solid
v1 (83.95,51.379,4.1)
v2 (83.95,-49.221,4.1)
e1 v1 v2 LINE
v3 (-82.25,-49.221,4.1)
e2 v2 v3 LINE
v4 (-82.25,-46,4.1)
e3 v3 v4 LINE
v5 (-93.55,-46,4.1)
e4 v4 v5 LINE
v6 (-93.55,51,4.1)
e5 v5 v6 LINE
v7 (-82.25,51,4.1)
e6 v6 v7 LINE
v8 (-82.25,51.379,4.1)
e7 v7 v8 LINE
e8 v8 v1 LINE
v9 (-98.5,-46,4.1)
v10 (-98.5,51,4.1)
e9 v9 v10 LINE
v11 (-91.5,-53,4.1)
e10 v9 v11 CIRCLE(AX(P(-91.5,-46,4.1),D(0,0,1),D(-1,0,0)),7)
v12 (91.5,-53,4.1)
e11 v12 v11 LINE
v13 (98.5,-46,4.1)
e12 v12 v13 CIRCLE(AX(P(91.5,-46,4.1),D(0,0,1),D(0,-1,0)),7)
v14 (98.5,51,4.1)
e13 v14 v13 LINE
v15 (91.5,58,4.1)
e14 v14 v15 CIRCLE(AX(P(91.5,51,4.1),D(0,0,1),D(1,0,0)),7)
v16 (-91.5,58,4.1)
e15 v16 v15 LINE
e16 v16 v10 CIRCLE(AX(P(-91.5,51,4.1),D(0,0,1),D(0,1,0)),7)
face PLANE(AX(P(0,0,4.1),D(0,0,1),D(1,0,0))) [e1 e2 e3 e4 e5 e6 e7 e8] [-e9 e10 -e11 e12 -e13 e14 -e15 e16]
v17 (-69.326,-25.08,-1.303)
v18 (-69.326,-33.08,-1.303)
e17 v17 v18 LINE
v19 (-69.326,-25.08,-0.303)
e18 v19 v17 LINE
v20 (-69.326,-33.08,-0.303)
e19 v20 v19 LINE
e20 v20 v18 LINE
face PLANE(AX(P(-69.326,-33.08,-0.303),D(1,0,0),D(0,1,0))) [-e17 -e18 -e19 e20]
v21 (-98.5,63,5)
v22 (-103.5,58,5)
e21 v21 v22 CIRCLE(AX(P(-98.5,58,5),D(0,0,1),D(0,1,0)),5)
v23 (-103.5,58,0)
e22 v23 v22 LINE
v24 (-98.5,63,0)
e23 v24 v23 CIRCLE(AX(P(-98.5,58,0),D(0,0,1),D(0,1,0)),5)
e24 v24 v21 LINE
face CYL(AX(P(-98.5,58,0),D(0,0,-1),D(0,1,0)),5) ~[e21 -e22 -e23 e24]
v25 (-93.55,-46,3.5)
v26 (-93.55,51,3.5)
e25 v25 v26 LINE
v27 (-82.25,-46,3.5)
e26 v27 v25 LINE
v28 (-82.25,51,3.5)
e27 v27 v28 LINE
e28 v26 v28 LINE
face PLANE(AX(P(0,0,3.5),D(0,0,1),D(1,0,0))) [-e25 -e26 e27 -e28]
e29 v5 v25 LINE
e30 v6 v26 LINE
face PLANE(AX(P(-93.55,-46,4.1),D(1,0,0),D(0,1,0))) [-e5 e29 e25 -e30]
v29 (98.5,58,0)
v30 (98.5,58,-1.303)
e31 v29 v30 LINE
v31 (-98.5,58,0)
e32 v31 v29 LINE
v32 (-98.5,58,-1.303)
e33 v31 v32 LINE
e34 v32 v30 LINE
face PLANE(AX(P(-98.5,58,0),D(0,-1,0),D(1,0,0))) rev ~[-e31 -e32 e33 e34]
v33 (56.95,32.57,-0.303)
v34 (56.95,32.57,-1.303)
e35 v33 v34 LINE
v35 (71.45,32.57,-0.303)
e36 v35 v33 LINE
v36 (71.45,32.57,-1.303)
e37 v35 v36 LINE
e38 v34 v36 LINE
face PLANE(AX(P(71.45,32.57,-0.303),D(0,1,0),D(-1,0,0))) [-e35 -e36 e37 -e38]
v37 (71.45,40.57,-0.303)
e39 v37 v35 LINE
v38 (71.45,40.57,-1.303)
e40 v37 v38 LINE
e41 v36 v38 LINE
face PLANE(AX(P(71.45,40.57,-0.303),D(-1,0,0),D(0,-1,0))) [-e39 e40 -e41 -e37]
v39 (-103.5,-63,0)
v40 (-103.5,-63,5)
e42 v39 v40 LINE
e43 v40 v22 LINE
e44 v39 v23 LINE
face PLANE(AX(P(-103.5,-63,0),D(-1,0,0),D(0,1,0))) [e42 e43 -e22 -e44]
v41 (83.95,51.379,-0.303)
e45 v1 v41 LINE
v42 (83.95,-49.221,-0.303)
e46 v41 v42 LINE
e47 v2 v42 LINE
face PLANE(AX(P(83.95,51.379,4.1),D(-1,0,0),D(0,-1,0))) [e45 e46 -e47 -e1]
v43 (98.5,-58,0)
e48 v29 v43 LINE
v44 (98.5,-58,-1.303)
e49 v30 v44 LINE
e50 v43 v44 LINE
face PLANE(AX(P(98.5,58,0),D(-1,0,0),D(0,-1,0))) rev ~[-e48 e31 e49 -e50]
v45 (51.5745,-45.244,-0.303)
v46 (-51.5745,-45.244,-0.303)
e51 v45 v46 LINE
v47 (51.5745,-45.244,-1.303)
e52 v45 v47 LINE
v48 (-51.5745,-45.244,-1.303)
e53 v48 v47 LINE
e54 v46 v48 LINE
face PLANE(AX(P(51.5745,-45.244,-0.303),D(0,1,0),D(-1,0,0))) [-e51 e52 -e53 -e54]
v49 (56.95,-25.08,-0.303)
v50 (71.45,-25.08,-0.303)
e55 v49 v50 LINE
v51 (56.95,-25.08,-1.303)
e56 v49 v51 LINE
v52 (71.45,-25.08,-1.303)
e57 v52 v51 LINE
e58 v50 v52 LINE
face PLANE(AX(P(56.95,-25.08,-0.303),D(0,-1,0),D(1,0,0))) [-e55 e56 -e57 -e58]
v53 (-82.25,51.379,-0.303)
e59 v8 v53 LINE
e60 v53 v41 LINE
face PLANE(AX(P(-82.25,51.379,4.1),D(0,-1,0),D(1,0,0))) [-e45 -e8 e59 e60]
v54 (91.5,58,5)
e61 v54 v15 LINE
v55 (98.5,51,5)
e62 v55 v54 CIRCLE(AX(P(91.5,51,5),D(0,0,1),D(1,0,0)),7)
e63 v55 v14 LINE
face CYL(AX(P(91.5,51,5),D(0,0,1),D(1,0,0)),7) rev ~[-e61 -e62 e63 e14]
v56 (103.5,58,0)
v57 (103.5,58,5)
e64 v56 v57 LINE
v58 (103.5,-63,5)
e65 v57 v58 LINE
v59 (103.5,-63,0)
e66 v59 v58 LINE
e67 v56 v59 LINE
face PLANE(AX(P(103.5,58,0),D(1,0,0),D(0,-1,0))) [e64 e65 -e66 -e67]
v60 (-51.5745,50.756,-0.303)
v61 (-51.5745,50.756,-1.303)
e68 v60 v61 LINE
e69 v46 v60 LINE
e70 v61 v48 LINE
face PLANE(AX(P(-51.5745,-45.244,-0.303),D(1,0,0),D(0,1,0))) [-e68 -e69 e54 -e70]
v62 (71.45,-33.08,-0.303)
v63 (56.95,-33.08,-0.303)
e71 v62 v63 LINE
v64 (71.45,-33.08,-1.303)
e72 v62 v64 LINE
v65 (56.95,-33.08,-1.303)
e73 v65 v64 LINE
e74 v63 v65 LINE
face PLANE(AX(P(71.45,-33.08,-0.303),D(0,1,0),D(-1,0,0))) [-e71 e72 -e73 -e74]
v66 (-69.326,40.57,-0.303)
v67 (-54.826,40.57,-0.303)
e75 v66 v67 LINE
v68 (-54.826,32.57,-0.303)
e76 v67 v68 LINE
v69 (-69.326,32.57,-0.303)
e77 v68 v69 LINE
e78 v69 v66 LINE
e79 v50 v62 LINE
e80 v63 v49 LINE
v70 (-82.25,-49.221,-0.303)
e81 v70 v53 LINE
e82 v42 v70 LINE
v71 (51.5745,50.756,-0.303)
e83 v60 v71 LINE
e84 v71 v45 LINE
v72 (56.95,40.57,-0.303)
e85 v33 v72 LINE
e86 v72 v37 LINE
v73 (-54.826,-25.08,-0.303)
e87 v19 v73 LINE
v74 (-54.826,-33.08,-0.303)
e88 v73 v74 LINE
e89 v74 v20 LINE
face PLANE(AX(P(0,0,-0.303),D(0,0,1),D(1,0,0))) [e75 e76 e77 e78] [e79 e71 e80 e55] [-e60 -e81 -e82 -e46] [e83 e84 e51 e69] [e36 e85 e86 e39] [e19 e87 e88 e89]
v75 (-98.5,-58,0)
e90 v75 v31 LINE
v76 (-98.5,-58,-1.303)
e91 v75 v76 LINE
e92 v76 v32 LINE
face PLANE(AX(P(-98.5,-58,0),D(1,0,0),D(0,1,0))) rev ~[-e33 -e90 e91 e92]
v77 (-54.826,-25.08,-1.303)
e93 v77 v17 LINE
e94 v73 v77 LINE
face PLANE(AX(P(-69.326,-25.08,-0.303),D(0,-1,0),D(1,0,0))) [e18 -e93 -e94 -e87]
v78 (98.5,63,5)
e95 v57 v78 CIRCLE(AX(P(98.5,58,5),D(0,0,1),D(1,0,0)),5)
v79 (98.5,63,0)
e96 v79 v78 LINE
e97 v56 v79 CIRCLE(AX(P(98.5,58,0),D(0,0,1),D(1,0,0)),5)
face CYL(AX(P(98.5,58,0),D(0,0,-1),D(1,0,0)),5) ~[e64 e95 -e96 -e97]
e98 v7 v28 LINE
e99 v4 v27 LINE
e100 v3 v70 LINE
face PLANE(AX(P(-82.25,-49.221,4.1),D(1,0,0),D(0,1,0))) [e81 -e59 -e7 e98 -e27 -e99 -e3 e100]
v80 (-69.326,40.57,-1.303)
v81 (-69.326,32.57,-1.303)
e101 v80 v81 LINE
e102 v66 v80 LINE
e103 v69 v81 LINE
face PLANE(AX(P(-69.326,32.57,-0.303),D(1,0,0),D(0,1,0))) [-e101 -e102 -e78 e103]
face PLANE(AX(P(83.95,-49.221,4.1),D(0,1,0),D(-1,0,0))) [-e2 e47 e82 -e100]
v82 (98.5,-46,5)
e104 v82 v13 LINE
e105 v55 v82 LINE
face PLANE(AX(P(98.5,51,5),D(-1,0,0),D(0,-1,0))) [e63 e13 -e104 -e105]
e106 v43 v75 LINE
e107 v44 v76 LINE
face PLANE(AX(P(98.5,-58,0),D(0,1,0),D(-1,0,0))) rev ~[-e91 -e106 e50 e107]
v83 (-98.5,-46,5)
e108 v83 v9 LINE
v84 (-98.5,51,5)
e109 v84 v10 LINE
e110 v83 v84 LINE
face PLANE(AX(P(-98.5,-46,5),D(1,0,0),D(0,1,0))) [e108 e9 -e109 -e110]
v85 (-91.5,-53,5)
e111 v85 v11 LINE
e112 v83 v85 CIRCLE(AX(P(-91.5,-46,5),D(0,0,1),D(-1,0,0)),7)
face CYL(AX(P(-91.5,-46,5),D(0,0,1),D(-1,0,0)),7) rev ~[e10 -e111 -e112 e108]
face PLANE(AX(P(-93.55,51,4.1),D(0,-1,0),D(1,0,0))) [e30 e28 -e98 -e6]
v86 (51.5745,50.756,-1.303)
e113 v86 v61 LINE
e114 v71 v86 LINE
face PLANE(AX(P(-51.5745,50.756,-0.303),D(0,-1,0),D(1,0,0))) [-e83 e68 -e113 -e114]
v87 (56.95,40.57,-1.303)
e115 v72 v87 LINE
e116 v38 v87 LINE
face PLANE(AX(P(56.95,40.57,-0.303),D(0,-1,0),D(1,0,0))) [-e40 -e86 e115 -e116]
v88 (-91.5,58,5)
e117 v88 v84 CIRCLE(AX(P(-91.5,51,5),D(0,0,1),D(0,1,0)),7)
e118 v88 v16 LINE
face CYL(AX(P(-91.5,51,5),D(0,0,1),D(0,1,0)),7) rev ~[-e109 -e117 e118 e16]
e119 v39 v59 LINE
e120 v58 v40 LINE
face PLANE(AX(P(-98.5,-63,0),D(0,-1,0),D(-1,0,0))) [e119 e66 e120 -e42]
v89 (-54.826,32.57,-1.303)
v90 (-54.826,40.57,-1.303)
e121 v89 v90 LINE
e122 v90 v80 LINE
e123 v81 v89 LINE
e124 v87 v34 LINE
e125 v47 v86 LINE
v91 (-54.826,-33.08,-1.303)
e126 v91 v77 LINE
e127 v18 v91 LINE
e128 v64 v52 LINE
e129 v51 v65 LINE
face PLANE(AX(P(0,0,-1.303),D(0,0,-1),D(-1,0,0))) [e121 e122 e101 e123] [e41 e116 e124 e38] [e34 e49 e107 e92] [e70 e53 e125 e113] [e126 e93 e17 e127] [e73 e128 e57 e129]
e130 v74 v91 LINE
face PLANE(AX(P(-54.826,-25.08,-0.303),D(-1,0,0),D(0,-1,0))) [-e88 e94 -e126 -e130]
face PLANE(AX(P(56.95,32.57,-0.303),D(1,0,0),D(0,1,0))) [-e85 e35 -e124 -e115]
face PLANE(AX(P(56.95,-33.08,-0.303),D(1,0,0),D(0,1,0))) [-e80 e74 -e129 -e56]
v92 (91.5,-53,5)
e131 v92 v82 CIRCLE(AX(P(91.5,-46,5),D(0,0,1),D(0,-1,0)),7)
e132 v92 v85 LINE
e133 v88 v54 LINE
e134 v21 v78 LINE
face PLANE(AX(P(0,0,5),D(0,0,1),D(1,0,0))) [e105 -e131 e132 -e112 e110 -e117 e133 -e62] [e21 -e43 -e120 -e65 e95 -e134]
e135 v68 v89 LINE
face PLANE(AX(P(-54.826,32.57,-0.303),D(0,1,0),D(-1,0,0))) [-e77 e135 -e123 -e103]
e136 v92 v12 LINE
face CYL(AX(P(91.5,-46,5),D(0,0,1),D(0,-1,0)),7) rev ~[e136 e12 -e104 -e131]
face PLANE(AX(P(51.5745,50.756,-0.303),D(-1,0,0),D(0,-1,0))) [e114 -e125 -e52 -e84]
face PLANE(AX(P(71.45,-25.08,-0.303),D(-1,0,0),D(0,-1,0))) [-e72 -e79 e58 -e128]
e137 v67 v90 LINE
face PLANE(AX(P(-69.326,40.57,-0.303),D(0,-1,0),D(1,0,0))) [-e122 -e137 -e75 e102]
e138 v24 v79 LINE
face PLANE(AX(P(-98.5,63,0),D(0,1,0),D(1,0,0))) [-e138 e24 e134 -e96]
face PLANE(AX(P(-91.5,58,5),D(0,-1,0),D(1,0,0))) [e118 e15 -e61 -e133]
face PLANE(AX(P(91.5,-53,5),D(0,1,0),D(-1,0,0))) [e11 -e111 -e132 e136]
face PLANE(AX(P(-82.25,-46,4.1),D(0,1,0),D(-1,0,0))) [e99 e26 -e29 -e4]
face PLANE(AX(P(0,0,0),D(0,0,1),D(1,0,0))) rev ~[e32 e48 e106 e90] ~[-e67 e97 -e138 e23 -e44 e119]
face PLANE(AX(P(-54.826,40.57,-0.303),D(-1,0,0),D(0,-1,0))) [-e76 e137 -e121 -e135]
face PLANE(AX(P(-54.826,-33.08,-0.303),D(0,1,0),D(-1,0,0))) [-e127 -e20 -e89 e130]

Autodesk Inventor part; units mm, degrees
ref_plane "YZ Plane" through (0, 0, 0) normal (1, 0, 0) x (0, 1, 0)
ref_plane "XZ Plane" through (0, 0, 0) normal (0, 1, 0) x (-1, 0, 0)
ref_plane "XY Plane" through (0, 0, 0) normal (0, 0, 1) x (1, 0, 0)
sketch "스케치1" plane through (0, 0, 0) normal (0, 0, 1) x (1, 0, 0)
  line L0 (-103.5, -63) -> (-103.5, 58) projected
  line L1 (-98.5, -63) -> (-103.5, -63) projected
  line L2 (-98.5, 58) -> (-98.5, -63) projected
  line L3 (98.5, 58) -> (-98.5, 58) projected
  line L4 (98.5, -63) -> (98.5, 58) projected
  line L5 (103.5, -63) -> (98.5, -63) projected
  line L6 (103.5, 58) -> (103.5, -63) projected
  arc A0 (103.5, 58) -> (98.5, 63) centre (98.5, 58) ccw projected
  line L7 (-98.5, 63) -> (98.5, 63) projected
  arc A1 (-98.5, 63) -> (-103.5, 58) centre (-98.5, 58) ccw projected
  line L8 (-98.5, -63) -> (98.5, -63)
  point P0 (0, 0)
extrude "돌출1" add sketch "스케치1" along normal blind 5
sketch "스케치2" plane through (0, 0, 5) normal (0, 0, 1) x (1, 0, 0)
  line L0 (-91.5, 58) -> (91.5, 58)
  line L1 (98.5, 51) -> (98.5, -46)
  line L2 (91.5, -53) -> (-91.5, -53)
  line L3 (-98.5, -46) -> (-98.5, 51)
  line L4 (98.5, 63) -> (-98.5, 63) projected
  arc A0 (-98.5, 63) -> (-103.5, 58) centre (-98.5, 58) ccw projected
  line L5 (-103.5, 58) -> (-103.5, -63) projected
  line L6 (-103.5, -63) -> (103.5, -63) projected
  line L7 (103.5, -63) -> (103.5, 58) projected
  arc A1 (103.5, 58) -> (98.5, 63) centre (98.5, 58) ccw projected
  arc A2 (-91.5, 58) -> (-98.5, 51) centre (-91.5, 51) ccw
  arc A3 (-98.5, -46) -> (-91.5, -53) centre (-91.5, -46) ccw
  arc A4 (91.5, -53) -> (98.5, -46) centre (91.5, -46) ccw
  arc A5 (98.5, 51) -> (91.5, 58) centre (91.5, 51) ccw
  point P0 (0, 0)
  point P1 (98.5, -53)
  point P2 (98.5, 58)
  point P3 (-98.5, -53)
  point P4 (0, 58)
  dimension "d2" = 197
  dimension "d3" = 111
  dimension "d4" = 207
  dimension "d5" = 126
  dimension "d6" = 103.5
  dimension "d7" = 5
  dimension "d8" = 7
extrude "돌출2" cut sketch "스케치2" against normal blind 0.9 contours L0 A5 L1 A4 L2 A3 L3 A2
sketch "스케치3" plane through (0, 0, 4.1) normal (0, 0, 1) x (1, 0, 0)
  line L0 (-82.25, 51.379) -> (83.95, 51.379)
  line L1 (83.95, 51.379) -> (83.95, -49.221)
  line L2 (83.95, -49.221) -> (-82.25, -49.221)
  line L3 (-82.25, -49.221) -> (-82.25, 51.379)
  line L4 (91.5, -53) -> (-91.5, -53) projected
  arc A0 (91.5, -53) -> (98.5, -46) centre (91.5, -46) ccw projected
  line L5 (98.5, 51) -> (98.5, -46) projected
  arc A1 (98.5, 51) -> (91.5, 58) centre (91.5, 51) ccw projected
  line L6 (-91.5, 58) -> (91.5, 58) projected
  arc A2 (-91.5, 58) -> (-98.5, 51) centre (-91.5, 51) ccw projected
  line L7 (-98.5, -46) -> (-98.5, 51) projected
  arc A3 (-98.5, -46) -> (-91.5, -53) centre (-91.5, -46) ccw projected
  point P0 (0, 0)
  dimension "d11" = 166.2
  dimension "d12" = 100.6
  dimension "d13" = 14.55
  dimension "d14" = 6.621
sketch "스케치4" plane through (0, 0, 0) normal (0, 0, -1) x (-1, 0, 0)
  line L0 (-98.5, 63) -> (98.5, 63) projected
  arc A0 (-98.5, 63) -> (-103.5, 58) centre (-98.5, 58) ccw projected
  line L1 (-103.5, -63) -> (-103.5, 58) projected
  line L2 (103.5, -63) -> (-103.5, -63) projected
  line L3 (103.5, 58) -> (103.5, -63) projected
  arc A1 (103.5, 58) -> (98.5, 63) centre (98.5, 58) ccw projected
  line L4 (98.5, 58) -> (-98.5, 58)
  line L5 (-98.5, 58) -> (-98.5, -58)
  line L6 (-98.5, -58) -> (98.5, -58)
  line L7 (98.5, -58) -> (98.5, 58)
  point P0 (0, 0)
  dimension "d17" = 5
extrude "돌출4" add sketch "스케치4" along normal blind 1.303 contours L7 L6 L5 L4
extrude "돌출5" cut sketch "스케치3" against normal blind 4.403 contours L0 L1 L2 L3
sketch "스케치6" plane through (0, 0, 4.1) normal (0, 0, 1) x (1, 0, 0)
  line L0 (-93.55, 51) -> (-82.246, 51)
  line L1 (-82.246, 51) -> (-82.246, -46)
  line L2 (-82.246, -46) -> (-93.55, -46)
  line L3 (-93.55, -46) -> (-93.55, 51)
  line L4 (83.95, 51.379) -> (83.95, -49.221) projected
  line L5 (83.95, -49.221) -> (-82.25, -49.221) projected
  line L6 (-82.25, -49.221) -> (-82.25, 51.379) projected
  line L7 (-82.25, 51.379) -> (83.95, 51.379) projected
  line L8 (91.5, -53) -> (-91.5, -53) projected
  arc A0 (91.5, -53) -> (98.5, -46) centre (91.5, -46) ccw projected
  line L9 (98.5, 51) -> (98.5, -46) projected
  arc A1 (98.5, 51) -> (91.5, 58) centre (91.5, 51) ccw projected
  line L10 (-91.5, 58) -> (91.5, 58) projected
  arc A2 (-91.5, 58) -> (-98.5, 51) centre (-91.5, 51) ccw projected
  line L11 (-98.5, -46) -> (-98.5, 51) projected
  arc A3 (-98.5, -46) -> (-91.5, -53) centre (-91.5, -46) ccw projected
  point P0 (0, 0)
  point P1 (-82.25, -46)
  point P2 (-82.25, 51)
  dimension "d22" = 11.304
  dimension "d23" = 97
  dimension "d24" = 4.95
  dimension "d25" = 7
extrude "돌출6" cut sketch "스케치6" against normal blind 0.6 contours L0 L6 L2 L3
sketch "스케치8" plane through (0, 0, -0.303) normal (0, 0, 1) x (1, 0, 0)
  line L0 (-51.5745, 50.756) -> (51.5745, 50.756)
  line L1 (51.5745, 50.756) -> (51.5745, -45.244)
  line L2 (51.5745, -45.244) -> (-51.5745, -45.244)
  line L3 (-51.5745, -45.244) -> (-51.5745, 50.756)
  line L4 (83.95, -49.221) -> (-82.25, -49.221) projected
  line L5 (83.95, 51.379) -> (83.95, -49.221) projected
  line L6 (-82.25, 51.379) -> (83.95, 51.379) projected
  line L7 (-82.25, -49.221) -> (-82.25, 51.379) projected
  arc A0 (91.5, -53) -> (98.5, -46) centre (91.5, -46) ccw projected
  line L8 (91.5, -53) -> (-91.5, -53) projected
  arc A1 (-98.5, -46) -> (-91.5, -53) centre (-91.5, -46) ccw projected
  line L9 (-98.5, -46) -> (-98.5, 51) projected
  arc A2 (-91.5, 58) -> (-98.5, 51) centre (-91.5, 51) ccw projected
  line L10 (-91.5, 58) -> (91.5, 58) projected
  arc A3 (98.5, 51) -> (91.5, 58) centre (91.5, 51) ccw projected
  line L11 (98.5, 51) -> (98.5, -46) projected
  line L12 (98.5, 63) -> (-98.5, 63) projected
  arc A4 (-98.5, 63) -> (-103.5, 58) centre (-98.5, 58) ccw projected
  line L13 (-103.5, 58) -> (-103.5, -63) projected
  line L14 (-103.5, -63) -> (103.5, -63) projected
  line L15 (103.5, -63) -> (103.5, 58) projected
  arc A5 (103.5, 58) -> (98.5, 63) centre (98.5, 58) ccw projected
  line L16 (-69.326, 40.57) -> (-54.826, 40.57)
  line L17 (-54.826, 40.57) -> (-54.826, 32.57)
  line L18 (-54.826, 32.57) -> (-69.326, 32.57)
  line L19 (-69.326, 32.57) -> (-69.326, 40.57)
  line L20 (-69.326, -25.08) -> (-54.826, -25.08)
  line L21 (-54.826, -25.08) -> (-54.826, -33.08)
  line L22 (-54.826, -33.08) -> (-69.326, -33.08)
  line L23 (-69.326, -33.08) -> (-69.326, -25.08)
  line L24 (56.95, 40.57) -> (71.45, 40.57)
  line L25 (71.45, 40.57) -> (71.45, 32.57)
  line L26 (71.45, 32.57) -> (56.95, 32.57)
  line L27 (56.95, 32.57) -> (56.95, 40.57)
  line L28 (56.95, -25.08) -> (71.45, -25.08)
  line L29 (71.45, -25.08) -> (71.45, -33.08)
  line L30 (71.45, -33.08) -> (56.95, -33.08)
  line L31 (56.95, -33.08) -> (56.95, -25.08)
  line L32 (91.5, -53) -> (-91.5, -53) projected
  arc A6 (91.5, -53) -> (98.5, -46) centre (91.5, -46) ccw projected
  line L33 (98.5, 51) -> (98.5, -46) projected
  arc A7 (98.5, 51) -> (91.5, 58) centre (91.5, 51) ccw projected
  line L34 (-91.5, 58) -> (91.5, 58) projected
  arc A8 (-91.5, 58) -> (-98.5, 51) centre (-91.5, 51) ccw projected
  line L35 (-98.5, -46) -> (-98.5, 51) projected
  arc A9 (-98.5, -46) -> (-91.5, -53) centre (-91.5, -46) ccw projected
  line L36 (-82.25, -46) -> (-93.55, -46) projected
  line L37 (-93.55, -46) -> (-93.55, 51) projected
  line L38 (-93.55, 51) -> (-82.25, 51) projected
  line L39 (-82.25, 51) -> (-82.25, 51.379) projected
  line L40 (-82.25, 51.379) -> (83.95, 51.379) projected
  line L41 (83.95, 51.379) -> (83.95, -49.221) projected
  line L42 (83.95, -49.221) -> (-82.25, -49.221) projected
  line L43 (-82.25, -49.221) -> (-82.25, -46) projected
  point P0 (0, 0)
  point P1 (0, 50.756)
  point P2 (-62.076, -25.069)
  point P3 (-61.0015, 31.581)
  point P4 (-51.5745, 2.756)
  point P5 (50.5, 51.379)
  point P6 (-50.5, 51.379)
  point P7 (-54.826, -29.08)
  point P8 (-54.826, 36.57)
  point P9 (64.2, 40.57)
  point P10 (-62.076, 40.57)
  point P11 (-69.326, -29.08)
  point P12 (-69.326, 36.57)
  dimension "d41" = 96
  dimension "d46" = 197
  dimension "d47" = 98.5
  dimension "d49" = 28.825
  dimension "d53" = 14.5
  dimension "d54" = 8
  dimension "d55" = 14.5
  dimension "d56" = 8
  dimension "d57" = 14.5
  dimension "d58" = 8
  dimension "d59" = 14.5
  dimension "d60" = 8
  dimension "d61" = 27.05
  dimension "d62" = 17.43
  dimension "d63" = 126.276
  dimension "d64" = 65.65
extrude "돌출8" cut sketch "스케치8" against normal blind 2.5 contours L0 L1 L2 L3 | L16 L17 L18 L19 | L20 L21 L22 L23 | L24 L25 L26 L27 | L28 L29 L30 L31
properties part number "AASTRC Top case cover_3D 인쇄"
